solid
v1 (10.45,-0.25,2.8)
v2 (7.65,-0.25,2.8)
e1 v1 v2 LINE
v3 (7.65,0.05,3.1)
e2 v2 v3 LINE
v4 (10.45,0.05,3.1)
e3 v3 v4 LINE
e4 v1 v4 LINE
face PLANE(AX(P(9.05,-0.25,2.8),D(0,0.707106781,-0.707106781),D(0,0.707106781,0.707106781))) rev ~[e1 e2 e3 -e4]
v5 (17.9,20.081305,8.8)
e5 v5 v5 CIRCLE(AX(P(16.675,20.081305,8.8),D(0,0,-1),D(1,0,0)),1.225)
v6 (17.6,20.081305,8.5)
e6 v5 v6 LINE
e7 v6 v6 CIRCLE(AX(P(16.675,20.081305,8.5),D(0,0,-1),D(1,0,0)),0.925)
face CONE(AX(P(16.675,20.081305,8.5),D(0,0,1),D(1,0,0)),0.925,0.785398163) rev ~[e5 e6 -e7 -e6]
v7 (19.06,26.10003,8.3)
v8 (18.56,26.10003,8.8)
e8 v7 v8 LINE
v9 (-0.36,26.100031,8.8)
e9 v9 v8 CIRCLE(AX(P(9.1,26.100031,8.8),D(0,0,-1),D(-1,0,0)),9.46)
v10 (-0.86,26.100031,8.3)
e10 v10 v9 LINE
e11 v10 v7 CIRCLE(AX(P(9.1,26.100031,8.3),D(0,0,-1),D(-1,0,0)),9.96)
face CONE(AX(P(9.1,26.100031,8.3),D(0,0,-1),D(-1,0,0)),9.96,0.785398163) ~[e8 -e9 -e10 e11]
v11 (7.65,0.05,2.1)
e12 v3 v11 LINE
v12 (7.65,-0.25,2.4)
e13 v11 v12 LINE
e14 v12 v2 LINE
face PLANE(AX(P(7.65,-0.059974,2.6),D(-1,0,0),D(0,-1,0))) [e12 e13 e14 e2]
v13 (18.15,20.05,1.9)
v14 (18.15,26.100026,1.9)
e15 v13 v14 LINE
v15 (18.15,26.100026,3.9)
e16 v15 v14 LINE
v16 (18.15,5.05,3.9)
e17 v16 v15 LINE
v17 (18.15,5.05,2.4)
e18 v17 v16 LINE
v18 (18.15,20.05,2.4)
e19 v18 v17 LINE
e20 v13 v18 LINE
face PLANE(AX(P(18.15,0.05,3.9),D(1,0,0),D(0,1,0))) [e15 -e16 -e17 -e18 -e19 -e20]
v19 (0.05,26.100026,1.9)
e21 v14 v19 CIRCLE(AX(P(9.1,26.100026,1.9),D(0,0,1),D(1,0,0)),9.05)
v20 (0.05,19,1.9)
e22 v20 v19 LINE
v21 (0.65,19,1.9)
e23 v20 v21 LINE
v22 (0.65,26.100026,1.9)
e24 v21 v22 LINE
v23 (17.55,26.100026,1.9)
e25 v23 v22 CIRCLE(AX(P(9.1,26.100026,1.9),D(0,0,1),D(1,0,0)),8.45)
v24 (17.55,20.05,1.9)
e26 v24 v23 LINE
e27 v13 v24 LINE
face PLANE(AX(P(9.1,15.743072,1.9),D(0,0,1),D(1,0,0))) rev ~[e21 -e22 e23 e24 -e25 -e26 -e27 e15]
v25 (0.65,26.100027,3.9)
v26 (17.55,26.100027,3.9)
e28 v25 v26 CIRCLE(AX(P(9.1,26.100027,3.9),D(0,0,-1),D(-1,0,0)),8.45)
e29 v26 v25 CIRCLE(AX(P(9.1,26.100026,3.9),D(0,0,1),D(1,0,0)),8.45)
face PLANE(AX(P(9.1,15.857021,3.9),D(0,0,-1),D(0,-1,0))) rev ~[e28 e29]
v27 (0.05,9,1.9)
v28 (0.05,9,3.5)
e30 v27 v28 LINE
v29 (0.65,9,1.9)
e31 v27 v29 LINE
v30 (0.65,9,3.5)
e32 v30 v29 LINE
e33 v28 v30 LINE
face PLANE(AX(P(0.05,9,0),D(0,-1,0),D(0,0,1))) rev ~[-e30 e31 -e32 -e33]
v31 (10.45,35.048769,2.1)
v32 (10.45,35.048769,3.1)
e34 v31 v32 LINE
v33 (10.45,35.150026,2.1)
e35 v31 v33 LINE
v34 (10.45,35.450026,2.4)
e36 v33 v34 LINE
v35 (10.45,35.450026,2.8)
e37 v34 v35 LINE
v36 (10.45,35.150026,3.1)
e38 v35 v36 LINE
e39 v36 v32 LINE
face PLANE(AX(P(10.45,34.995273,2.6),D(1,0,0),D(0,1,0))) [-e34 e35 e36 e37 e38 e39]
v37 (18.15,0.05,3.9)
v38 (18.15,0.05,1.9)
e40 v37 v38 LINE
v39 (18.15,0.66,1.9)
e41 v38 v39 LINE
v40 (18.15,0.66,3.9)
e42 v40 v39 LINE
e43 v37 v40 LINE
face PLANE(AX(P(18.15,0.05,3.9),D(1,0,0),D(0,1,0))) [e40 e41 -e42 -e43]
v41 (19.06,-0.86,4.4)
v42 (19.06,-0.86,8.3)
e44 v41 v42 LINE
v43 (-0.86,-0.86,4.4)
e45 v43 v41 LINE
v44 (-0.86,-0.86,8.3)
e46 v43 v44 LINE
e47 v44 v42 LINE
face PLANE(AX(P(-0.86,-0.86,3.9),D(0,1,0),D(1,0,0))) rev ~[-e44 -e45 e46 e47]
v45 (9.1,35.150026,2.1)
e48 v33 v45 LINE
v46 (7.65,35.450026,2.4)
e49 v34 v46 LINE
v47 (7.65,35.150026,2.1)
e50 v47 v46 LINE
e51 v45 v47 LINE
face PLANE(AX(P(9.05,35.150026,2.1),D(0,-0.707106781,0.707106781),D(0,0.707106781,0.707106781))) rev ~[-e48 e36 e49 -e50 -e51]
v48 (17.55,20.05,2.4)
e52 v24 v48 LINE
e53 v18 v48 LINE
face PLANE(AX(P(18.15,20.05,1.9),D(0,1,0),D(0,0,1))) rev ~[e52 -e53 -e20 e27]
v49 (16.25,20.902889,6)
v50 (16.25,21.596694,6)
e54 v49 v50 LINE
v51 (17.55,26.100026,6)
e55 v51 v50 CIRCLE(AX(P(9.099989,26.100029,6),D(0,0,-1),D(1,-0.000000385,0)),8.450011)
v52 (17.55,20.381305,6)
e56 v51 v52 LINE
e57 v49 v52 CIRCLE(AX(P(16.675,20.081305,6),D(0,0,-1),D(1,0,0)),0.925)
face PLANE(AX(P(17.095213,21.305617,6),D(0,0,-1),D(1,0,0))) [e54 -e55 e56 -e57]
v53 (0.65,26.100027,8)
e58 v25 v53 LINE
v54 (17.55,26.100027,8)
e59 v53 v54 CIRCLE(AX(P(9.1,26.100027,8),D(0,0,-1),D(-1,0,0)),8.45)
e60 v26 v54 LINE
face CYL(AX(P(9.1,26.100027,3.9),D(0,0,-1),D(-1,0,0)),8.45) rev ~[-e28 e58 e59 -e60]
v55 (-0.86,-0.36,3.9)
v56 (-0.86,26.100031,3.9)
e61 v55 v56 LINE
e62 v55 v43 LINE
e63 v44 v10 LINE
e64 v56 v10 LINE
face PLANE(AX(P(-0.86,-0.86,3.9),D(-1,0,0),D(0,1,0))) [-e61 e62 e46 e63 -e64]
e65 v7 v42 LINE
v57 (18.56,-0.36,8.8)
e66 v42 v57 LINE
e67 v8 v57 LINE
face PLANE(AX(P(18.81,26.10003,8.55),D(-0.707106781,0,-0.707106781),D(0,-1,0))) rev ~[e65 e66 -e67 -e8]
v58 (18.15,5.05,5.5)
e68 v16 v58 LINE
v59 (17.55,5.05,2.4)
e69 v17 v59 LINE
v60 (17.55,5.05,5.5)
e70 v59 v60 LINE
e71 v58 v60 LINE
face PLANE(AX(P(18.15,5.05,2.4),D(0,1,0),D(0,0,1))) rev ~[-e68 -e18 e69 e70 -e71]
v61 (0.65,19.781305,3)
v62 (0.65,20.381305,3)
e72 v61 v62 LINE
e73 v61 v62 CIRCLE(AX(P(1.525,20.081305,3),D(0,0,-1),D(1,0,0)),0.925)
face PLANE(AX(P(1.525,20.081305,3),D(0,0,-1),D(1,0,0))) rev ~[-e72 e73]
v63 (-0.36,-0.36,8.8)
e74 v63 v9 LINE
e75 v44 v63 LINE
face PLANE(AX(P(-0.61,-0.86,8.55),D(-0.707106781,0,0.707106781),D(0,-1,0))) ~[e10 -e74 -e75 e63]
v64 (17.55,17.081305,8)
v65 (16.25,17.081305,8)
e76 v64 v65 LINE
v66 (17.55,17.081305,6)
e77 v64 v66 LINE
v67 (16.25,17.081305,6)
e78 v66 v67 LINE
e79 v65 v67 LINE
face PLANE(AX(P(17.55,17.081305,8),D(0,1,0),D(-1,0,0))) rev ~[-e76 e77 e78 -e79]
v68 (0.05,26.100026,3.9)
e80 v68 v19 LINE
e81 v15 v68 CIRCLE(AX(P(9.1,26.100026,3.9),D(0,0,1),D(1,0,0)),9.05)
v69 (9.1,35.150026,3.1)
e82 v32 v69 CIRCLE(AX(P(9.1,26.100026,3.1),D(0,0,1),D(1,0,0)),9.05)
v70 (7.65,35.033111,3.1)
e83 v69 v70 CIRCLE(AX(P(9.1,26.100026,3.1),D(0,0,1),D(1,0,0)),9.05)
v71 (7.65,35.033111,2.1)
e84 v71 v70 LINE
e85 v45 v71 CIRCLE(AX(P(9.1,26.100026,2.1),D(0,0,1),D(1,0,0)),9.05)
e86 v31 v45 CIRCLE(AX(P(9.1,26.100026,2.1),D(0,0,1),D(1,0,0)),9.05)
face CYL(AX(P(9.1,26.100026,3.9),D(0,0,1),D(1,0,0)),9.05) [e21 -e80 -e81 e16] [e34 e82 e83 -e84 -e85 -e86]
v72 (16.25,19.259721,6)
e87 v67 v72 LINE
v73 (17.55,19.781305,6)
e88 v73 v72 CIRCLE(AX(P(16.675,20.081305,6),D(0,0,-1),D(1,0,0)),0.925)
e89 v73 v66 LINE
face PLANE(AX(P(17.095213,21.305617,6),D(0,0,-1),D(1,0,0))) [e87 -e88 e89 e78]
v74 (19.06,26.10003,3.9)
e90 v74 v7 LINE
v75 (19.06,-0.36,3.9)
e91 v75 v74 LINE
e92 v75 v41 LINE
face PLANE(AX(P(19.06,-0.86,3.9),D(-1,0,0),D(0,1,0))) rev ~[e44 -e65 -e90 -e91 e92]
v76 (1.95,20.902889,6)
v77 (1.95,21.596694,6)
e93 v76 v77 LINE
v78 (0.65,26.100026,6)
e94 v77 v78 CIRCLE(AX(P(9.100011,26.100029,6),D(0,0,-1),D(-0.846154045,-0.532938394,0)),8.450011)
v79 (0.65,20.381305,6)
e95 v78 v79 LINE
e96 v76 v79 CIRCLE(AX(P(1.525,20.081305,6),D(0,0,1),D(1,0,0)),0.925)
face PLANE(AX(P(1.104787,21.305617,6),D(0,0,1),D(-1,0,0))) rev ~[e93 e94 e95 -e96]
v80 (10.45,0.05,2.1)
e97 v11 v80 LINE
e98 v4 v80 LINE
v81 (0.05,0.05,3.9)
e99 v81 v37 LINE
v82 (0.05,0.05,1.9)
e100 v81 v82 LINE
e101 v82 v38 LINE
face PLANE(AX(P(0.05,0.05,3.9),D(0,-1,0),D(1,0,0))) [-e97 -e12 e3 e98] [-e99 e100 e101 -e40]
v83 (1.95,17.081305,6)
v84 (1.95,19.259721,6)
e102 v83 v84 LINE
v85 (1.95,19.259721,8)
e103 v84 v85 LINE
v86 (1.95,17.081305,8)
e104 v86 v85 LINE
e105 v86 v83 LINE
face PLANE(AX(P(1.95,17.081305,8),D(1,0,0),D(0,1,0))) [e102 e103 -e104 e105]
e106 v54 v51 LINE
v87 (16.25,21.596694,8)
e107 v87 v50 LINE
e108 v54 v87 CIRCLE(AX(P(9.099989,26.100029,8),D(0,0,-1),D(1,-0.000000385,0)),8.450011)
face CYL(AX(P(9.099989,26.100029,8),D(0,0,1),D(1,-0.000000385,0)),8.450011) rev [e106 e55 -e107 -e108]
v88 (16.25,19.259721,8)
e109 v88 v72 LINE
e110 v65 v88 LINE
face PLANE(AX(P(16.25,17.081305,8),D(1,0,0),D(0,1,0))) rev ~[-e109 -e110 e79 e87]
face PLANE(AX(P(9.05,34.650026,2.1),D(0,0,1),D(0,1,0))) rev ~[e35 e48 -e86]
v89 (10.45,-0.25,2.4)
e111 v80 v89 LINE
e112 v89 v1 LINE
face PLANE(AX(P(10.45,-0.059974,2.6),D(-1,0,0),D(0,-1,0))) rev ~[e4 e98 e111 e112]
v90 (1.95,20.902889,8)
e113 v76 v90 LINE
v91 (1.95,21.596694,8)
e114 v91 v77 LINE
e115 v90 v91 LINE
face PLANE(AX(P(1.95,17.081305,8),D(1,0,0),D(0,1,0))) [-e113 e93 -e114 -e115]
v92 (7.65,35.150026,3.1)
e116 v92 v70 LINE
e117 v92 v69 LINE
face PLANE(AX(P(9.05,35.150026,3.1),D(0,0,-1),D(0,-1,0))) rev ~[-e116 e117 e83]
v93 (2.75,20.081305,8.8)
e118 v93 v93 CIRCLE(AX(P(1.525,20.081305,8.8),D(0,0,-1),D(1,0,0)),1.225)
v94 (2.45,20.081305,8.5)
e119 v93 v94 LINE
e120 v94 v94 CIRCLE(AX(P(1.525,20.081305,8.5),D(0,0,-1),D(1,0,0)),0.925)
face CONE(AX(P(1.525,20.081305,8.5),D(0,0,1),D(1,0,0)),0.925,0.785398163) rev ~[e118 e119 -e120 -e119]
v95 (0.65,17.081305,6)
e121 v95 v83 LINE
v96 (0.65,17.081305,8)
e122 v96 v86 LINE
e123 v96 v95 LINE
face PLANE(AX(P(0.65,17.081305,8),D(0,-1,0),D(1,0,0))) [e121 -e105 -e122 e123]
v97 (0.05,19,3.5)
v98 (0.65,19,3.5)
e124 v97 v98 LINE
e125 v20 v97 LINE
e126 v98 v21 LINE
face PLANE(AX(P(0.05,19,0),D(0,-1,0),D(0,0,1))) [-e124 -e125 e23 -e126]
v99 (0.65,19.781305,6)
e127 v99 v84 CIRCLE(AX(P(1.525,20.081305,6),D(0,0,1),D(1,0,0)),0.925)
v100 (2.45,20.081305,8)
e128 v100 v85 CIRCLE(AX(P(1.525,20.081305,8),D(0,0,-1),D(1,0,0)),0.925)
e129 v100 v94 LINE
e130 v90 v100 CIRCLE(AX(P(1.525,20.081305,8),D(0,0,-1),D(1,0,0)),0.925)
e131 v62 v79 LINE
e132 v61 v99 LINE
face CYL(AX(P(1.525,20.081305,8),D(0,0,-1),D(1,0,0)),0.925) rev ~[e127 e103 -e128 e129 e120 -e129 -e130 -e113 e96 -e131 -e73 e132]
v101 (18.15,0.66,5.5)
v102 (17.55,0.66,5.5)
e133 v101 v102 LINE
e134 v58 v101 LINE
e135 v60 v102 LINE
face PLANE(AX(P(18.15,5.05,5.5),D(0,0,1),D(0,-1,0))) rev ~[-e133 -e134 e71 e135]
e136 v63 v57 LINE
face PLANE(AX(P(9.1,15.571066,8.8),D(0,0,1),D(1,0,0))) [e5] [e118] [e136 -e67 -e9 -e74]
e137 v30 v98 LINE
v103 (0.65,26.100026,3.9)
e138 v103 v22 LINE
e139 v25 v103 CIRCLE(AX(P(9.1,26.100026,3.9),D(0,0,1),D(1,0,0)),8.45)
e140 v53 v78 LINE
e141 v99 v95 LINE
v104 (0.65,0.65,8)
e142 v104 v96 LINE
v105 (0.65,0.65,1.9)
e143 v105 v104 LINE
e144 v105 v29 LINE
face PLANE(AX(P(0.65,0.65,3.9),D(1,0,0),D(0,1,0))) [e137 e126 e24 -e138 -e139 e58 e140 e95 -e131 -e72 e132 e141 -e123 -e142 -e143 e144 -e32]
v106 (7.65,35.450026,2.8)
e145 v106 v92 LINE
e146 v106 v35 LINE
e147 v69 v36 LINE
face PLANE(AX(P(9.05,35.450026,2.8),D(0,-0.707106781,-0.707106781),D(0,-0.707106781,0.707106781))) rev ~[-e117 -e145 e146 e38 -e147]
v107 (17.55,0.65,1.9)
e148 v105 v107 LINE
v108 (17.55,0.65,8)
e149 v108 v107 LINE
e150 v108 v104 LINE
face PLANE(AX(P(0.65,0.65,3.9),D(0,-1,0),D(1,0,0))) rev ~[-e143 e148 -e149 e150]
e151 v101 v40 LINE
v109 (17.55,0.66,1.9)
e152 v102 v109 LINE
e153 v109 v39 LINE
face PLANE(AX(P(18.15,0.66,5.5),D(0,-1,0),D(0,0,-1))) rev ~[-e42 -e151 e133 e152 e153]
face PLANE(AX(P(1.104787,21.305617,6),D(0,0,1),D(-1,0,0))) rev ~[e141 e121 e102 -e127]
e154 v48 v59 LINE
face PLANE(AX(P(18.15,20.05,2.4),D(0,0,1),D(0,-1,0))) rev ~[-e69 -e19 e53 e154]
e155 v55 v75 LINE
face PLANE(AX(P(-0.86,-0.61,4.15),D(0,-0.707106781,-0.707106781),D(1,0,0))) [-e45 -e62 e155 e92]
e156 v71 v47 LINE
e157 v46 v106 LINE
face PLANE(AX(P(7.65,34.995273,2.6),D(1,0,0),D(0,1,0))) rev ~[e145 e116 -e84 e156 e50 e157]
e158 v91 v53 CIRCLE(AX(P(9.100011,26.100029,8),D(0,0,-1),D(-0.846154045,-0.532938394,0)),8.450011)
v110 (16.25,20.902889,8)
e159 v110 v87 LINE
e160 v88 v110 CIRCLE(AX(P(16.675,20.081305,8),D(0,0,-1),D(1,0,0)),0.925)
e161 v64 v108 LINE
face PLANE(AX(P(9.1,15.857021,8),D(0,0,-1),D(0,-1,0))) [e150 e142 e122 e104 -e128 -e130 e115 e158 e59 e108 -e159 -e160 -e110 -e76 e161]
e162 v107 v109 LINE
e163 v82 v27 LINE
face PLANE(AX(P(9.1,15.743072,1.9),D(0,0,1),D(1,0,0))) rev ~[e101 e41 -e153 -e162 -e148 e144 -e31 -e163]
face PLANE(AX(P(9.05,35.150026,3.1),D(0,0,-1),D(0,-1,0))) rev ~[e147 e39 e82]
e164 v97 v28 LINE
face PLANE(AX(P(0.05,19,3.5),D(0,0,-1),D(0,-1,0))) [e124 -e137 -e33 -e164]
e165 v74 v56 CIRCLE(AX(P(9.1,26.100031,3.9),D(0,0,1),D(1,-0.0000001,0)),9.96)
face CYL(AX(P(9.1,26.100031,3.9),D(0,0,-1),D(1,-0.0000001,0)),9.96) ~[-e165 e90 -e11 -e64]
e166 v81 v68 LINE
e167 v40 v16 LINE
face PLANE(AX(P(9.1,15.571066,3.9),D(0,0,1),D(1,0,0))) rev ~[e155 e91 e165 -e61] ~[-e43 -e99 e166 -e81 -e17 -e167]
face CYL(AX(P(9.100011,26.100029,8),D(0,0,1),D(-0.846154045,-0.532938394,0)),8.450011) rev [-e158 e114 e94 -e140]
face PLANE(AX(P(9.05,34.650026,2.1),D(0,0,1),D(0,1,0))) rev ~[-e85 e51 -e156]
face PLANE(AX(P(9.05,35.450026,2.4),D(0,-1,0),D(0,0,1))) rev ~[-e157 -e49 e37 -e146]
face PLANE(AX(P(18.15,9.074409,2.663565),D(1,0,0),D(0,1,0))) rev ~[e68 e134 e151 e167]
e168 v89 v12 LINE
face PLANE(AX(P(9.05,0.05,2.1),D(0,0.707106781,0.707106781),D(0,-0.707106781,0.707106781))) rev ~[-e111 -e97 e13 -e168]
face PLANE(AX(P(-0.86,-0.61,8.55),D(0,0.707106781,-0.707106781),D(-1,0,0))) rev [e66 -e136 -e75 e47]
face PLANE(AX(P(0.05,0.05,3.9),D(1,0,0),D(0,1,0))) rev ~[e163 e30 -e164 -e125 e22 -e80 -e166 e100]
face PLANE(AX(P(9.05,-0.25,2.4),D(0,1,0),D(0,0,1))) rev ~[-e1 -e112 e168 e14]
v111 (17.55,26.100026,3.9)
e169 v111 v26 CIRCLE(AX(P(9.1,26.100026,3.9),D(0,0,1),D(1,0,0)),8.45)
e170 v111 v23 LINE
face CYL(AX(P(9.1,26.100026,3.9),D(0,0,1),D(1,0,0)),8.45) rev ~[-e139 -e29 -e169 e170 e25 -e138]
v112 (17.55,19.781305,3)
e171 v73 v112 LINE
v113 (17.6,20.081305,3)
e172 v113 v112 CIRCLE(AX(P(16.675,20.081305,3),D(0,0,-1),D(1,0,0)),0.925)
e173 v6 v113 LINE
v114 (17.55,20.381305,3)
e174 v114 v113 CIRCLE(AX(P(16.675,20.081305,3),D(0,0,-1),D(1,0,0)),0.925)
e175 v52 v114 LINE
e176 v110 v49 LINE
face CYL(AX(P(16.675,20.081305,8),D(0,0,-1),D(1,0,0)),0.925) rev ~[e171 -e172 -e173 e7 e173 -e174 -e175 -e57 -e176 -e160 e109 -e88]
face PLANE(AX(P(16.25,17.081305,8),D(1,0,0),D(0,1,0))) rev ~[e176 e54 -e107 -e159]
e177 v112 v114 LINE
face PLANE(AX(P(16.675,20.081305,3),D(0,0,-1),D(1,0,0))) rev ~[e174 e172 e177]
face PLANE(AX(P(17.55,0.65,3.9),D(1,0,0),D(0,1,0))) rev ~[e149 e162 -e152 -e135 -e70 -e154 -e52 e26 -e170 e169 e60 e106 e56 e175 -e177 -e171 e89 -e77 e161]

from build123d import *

# Parameters (mm, degrees)
PAD002_DEPTH    = 2
PAD003_DEPTH    = 4.9
POCKET005_DEPTH = 4.1
POCKET006_DEPTH = 11
SKETCH011_W     = 10
SKETCH011_H     = 3.5
POCKET007_DEPTH = 5
PAD004_DEPTH    = 1.4
PAD006_DEPTH    = 2
SKETCH013_R     = 0.925
POCKET009_DEPTH = 5
CHAMFER_SIZE    = 0.5
CHAMFER001_SIZE = 0.5
CHAMFER006_SIZE = 0.3


with BuildPart() as part:
    # Sketch008 (on Face1 of ReferencePocket001) → Pad002 (new body)
    with BuildSketch(Plane.XY.offset(3.9)):
        with BuildLine():
            Line((0.05, 0.05), (18.15, 0.05))
            Line((18.15, 0.05), (18.15, 26.100026))
            ThreePointArc((18.15, 26.100026), (9.1, 35.150026), (0.05, 26.100026))
            Line((0.05, 0.05), (0.05, 26.100026))
        make_face()
        with BuildLine():
            Line((0.65, 0.65), (17.55, 0.65))
            Line((17.55, 0.65), (17.55, 26.100026))
            ThreePointArc((17.55, 26.100026), (9.1, 34.550026), (0.65, 26.100026))
            Line((0.65, 0.65), (0.65, 26.100026))
        make_face(mode=Mode.SUBTRACT)
    extrude(amount=-PAD002_DEPTH)

    # Sketch009 (on Face9 of Pad002) → Pad003 (join)
    with BuildSketch(Plane.XY.offset(3.9)):
        with BuildLine():
            Line((-0.86, -0.86), (19.06, -0.86))
            Line((19.06, -0.86), (19.06, 26.10003))
            ThreePointArc((19.06, 26.10003), (9.1, 36.060031), (-0.86, 26.100031))
            Line((-0.86, -0.86), (-0.86, 26.100031))
        make_face()
    extrude(amount=PAD003_DEPTH)

    # Pad003 Face16 → Pocket005 (cut)
    with BuildSketch(Plane(origin=(9.1, 16.748749, 3.9), x_dir=(0, -1, 0), z_dir=(0, 0, -1))):
        with BuildLine():
            Line((16.098749, 8.45), (-9.351278, 8.45))
            ThreePointArc((-9.351278, 8.45), (-17.801278, 0), (-9.351278, -8.45))
            Line((-9.351278, -8.45), (16.098749, -8.45))
            Line((16.098749, -8.45), (16.098749, 8.45))
        make_face()
    extrude(amount=-POCKET005_DEPTH, mode=Mode.SUBTRACT)

    # Sketch010 (on Face8 of Pocket005) → Pocket006 (cut)
    with BuildSketch(Plane.YZ.offset(18.15)):
        Polygon((0.66, 1.9), (5.05, 1.9), (20.05, 1.9), (20.05, 2.4), (5.05, 2.4), (5.05, 5.5), (0.66, 5.5), (0.66, 1.8), (0.05, 1.8), (0.05, 1.9), align=None)
    extrude(amount=-POCKET006_DEPTH, mode=Mode.SUBTRACT)

    # Sketch011 (on Face4 of Pad002) → Pocket007 (cut)
    with BuildSketch(Plane(origin=(0.05, 0, 0), x_dir=(0, -1, 0), z_dir=(-1, 0, 0))):
        with Locations((-14, 1.75)):
            Rectangle(SKETCH011_W, SKETCH011_H)
    extrude(amount=-POCKET007_DEPTH, mode=Mode.SUBTRACT)

    # Sketch012 (on Face4 of Pad002) → Pad004 (join, symmetric)
    with BuildSketch(Plane(origin=(9.05, 0, 0), x_dir=(0, -1, 0), z_dir=(-1, 0, 0))):
        Polygon((-0.05, 2.1), (0.25, 2.4), (0.25, 2.8), (-0.05, 3.1), align=None)
        Polygon((-35.450026, 2.4), (-35.450026, 2.8), (-35.150026, 3.1), (-34.650026, 3.1), (-34.650026, 2.1), (-35.150026, 2.1), align=None)
    extrude(amount=PAD004_DEPTH, both=True)

    # Sketch014 (on Face47 of Pad004) → Pad006 (join)
    with BuildSketch(Plane(origin=(0, 0, 8), x_dir=(1, 0, 0), z_dir=(0, 0, -1))):
        with BuildLine():
            Line((17.55, -26.100026), (17.55, -17.081305))
            Line((17.55, -17.081305), (16.25, -17.081305))
            Line((16.25, -17.081305), (16.25, -21.596694))
            ThreePointArc((17.55, -26.100026), (17.218497, -23.756418), (16.25, -21.596694))
        make_face()
        with BuildLine():
            Line((0.65, -26.100026), (0.65, -17.081305))
            Line((0.65, -17.081305), (1.95, -17.081305))
            Line((1.95, -17.081305), (1.95, -21.596694))
            ThreePointArc((1.95, -21.596694), (0.981503, -23.756418), (0.65, -26.100026))
        make_face()
    extrude(amount=PAD006_DEPTH)

    # Sketch013 (on Face20 of Pocket005) → Pocket009 (cut, symmetric)
    with BuildSketch(Plane(origin=(0, 0, 8), x_dir=(1, 0, 0), z_dir=(0, 0, -1))):
        with Locations((1.525, -20.081305)):
            Circle(SKETCH013_R)
        with Locations((16.675, -20.081305)):
            Circle(SKETCH013_R)
    extrude(amount=POCKET009_DEPTH, both=True, mode=Mode.SUBTRACT)

    # Chamfer
    chamfer_edges = [part.edges().sort_by_distance(p)[0] for p in [
        (9.1, -0.86, 3.9),
    ]]
    chamfer(chamfer_edges, length=CHAMFER_SIZE)

    # Chamfer001
    chamfer001_edges = [part.edges().sort_by_distance(p)[0] for p in [
        (-0.86, 12.620015, 8.8),
        (9.1, 36.060031, 8.8),
        (19.06, 12.620015, 8.8),
        (9.1, -0.86, 8.8),
    ]]
    chamfer(chamfer001_edges, length=CHAMFER001_SIZE)

    # Chamfer006
    chamfer006_edges = [part.edges().sort_by_distance(p)[0] for p in [
        (15.75, 20.081305, 8.8),
        (0.6, 20.081305, 8.8),
    ]]
    chamfer(chamfer006_edges, length=CHAMFER006_SIZE)


solid = part.part
